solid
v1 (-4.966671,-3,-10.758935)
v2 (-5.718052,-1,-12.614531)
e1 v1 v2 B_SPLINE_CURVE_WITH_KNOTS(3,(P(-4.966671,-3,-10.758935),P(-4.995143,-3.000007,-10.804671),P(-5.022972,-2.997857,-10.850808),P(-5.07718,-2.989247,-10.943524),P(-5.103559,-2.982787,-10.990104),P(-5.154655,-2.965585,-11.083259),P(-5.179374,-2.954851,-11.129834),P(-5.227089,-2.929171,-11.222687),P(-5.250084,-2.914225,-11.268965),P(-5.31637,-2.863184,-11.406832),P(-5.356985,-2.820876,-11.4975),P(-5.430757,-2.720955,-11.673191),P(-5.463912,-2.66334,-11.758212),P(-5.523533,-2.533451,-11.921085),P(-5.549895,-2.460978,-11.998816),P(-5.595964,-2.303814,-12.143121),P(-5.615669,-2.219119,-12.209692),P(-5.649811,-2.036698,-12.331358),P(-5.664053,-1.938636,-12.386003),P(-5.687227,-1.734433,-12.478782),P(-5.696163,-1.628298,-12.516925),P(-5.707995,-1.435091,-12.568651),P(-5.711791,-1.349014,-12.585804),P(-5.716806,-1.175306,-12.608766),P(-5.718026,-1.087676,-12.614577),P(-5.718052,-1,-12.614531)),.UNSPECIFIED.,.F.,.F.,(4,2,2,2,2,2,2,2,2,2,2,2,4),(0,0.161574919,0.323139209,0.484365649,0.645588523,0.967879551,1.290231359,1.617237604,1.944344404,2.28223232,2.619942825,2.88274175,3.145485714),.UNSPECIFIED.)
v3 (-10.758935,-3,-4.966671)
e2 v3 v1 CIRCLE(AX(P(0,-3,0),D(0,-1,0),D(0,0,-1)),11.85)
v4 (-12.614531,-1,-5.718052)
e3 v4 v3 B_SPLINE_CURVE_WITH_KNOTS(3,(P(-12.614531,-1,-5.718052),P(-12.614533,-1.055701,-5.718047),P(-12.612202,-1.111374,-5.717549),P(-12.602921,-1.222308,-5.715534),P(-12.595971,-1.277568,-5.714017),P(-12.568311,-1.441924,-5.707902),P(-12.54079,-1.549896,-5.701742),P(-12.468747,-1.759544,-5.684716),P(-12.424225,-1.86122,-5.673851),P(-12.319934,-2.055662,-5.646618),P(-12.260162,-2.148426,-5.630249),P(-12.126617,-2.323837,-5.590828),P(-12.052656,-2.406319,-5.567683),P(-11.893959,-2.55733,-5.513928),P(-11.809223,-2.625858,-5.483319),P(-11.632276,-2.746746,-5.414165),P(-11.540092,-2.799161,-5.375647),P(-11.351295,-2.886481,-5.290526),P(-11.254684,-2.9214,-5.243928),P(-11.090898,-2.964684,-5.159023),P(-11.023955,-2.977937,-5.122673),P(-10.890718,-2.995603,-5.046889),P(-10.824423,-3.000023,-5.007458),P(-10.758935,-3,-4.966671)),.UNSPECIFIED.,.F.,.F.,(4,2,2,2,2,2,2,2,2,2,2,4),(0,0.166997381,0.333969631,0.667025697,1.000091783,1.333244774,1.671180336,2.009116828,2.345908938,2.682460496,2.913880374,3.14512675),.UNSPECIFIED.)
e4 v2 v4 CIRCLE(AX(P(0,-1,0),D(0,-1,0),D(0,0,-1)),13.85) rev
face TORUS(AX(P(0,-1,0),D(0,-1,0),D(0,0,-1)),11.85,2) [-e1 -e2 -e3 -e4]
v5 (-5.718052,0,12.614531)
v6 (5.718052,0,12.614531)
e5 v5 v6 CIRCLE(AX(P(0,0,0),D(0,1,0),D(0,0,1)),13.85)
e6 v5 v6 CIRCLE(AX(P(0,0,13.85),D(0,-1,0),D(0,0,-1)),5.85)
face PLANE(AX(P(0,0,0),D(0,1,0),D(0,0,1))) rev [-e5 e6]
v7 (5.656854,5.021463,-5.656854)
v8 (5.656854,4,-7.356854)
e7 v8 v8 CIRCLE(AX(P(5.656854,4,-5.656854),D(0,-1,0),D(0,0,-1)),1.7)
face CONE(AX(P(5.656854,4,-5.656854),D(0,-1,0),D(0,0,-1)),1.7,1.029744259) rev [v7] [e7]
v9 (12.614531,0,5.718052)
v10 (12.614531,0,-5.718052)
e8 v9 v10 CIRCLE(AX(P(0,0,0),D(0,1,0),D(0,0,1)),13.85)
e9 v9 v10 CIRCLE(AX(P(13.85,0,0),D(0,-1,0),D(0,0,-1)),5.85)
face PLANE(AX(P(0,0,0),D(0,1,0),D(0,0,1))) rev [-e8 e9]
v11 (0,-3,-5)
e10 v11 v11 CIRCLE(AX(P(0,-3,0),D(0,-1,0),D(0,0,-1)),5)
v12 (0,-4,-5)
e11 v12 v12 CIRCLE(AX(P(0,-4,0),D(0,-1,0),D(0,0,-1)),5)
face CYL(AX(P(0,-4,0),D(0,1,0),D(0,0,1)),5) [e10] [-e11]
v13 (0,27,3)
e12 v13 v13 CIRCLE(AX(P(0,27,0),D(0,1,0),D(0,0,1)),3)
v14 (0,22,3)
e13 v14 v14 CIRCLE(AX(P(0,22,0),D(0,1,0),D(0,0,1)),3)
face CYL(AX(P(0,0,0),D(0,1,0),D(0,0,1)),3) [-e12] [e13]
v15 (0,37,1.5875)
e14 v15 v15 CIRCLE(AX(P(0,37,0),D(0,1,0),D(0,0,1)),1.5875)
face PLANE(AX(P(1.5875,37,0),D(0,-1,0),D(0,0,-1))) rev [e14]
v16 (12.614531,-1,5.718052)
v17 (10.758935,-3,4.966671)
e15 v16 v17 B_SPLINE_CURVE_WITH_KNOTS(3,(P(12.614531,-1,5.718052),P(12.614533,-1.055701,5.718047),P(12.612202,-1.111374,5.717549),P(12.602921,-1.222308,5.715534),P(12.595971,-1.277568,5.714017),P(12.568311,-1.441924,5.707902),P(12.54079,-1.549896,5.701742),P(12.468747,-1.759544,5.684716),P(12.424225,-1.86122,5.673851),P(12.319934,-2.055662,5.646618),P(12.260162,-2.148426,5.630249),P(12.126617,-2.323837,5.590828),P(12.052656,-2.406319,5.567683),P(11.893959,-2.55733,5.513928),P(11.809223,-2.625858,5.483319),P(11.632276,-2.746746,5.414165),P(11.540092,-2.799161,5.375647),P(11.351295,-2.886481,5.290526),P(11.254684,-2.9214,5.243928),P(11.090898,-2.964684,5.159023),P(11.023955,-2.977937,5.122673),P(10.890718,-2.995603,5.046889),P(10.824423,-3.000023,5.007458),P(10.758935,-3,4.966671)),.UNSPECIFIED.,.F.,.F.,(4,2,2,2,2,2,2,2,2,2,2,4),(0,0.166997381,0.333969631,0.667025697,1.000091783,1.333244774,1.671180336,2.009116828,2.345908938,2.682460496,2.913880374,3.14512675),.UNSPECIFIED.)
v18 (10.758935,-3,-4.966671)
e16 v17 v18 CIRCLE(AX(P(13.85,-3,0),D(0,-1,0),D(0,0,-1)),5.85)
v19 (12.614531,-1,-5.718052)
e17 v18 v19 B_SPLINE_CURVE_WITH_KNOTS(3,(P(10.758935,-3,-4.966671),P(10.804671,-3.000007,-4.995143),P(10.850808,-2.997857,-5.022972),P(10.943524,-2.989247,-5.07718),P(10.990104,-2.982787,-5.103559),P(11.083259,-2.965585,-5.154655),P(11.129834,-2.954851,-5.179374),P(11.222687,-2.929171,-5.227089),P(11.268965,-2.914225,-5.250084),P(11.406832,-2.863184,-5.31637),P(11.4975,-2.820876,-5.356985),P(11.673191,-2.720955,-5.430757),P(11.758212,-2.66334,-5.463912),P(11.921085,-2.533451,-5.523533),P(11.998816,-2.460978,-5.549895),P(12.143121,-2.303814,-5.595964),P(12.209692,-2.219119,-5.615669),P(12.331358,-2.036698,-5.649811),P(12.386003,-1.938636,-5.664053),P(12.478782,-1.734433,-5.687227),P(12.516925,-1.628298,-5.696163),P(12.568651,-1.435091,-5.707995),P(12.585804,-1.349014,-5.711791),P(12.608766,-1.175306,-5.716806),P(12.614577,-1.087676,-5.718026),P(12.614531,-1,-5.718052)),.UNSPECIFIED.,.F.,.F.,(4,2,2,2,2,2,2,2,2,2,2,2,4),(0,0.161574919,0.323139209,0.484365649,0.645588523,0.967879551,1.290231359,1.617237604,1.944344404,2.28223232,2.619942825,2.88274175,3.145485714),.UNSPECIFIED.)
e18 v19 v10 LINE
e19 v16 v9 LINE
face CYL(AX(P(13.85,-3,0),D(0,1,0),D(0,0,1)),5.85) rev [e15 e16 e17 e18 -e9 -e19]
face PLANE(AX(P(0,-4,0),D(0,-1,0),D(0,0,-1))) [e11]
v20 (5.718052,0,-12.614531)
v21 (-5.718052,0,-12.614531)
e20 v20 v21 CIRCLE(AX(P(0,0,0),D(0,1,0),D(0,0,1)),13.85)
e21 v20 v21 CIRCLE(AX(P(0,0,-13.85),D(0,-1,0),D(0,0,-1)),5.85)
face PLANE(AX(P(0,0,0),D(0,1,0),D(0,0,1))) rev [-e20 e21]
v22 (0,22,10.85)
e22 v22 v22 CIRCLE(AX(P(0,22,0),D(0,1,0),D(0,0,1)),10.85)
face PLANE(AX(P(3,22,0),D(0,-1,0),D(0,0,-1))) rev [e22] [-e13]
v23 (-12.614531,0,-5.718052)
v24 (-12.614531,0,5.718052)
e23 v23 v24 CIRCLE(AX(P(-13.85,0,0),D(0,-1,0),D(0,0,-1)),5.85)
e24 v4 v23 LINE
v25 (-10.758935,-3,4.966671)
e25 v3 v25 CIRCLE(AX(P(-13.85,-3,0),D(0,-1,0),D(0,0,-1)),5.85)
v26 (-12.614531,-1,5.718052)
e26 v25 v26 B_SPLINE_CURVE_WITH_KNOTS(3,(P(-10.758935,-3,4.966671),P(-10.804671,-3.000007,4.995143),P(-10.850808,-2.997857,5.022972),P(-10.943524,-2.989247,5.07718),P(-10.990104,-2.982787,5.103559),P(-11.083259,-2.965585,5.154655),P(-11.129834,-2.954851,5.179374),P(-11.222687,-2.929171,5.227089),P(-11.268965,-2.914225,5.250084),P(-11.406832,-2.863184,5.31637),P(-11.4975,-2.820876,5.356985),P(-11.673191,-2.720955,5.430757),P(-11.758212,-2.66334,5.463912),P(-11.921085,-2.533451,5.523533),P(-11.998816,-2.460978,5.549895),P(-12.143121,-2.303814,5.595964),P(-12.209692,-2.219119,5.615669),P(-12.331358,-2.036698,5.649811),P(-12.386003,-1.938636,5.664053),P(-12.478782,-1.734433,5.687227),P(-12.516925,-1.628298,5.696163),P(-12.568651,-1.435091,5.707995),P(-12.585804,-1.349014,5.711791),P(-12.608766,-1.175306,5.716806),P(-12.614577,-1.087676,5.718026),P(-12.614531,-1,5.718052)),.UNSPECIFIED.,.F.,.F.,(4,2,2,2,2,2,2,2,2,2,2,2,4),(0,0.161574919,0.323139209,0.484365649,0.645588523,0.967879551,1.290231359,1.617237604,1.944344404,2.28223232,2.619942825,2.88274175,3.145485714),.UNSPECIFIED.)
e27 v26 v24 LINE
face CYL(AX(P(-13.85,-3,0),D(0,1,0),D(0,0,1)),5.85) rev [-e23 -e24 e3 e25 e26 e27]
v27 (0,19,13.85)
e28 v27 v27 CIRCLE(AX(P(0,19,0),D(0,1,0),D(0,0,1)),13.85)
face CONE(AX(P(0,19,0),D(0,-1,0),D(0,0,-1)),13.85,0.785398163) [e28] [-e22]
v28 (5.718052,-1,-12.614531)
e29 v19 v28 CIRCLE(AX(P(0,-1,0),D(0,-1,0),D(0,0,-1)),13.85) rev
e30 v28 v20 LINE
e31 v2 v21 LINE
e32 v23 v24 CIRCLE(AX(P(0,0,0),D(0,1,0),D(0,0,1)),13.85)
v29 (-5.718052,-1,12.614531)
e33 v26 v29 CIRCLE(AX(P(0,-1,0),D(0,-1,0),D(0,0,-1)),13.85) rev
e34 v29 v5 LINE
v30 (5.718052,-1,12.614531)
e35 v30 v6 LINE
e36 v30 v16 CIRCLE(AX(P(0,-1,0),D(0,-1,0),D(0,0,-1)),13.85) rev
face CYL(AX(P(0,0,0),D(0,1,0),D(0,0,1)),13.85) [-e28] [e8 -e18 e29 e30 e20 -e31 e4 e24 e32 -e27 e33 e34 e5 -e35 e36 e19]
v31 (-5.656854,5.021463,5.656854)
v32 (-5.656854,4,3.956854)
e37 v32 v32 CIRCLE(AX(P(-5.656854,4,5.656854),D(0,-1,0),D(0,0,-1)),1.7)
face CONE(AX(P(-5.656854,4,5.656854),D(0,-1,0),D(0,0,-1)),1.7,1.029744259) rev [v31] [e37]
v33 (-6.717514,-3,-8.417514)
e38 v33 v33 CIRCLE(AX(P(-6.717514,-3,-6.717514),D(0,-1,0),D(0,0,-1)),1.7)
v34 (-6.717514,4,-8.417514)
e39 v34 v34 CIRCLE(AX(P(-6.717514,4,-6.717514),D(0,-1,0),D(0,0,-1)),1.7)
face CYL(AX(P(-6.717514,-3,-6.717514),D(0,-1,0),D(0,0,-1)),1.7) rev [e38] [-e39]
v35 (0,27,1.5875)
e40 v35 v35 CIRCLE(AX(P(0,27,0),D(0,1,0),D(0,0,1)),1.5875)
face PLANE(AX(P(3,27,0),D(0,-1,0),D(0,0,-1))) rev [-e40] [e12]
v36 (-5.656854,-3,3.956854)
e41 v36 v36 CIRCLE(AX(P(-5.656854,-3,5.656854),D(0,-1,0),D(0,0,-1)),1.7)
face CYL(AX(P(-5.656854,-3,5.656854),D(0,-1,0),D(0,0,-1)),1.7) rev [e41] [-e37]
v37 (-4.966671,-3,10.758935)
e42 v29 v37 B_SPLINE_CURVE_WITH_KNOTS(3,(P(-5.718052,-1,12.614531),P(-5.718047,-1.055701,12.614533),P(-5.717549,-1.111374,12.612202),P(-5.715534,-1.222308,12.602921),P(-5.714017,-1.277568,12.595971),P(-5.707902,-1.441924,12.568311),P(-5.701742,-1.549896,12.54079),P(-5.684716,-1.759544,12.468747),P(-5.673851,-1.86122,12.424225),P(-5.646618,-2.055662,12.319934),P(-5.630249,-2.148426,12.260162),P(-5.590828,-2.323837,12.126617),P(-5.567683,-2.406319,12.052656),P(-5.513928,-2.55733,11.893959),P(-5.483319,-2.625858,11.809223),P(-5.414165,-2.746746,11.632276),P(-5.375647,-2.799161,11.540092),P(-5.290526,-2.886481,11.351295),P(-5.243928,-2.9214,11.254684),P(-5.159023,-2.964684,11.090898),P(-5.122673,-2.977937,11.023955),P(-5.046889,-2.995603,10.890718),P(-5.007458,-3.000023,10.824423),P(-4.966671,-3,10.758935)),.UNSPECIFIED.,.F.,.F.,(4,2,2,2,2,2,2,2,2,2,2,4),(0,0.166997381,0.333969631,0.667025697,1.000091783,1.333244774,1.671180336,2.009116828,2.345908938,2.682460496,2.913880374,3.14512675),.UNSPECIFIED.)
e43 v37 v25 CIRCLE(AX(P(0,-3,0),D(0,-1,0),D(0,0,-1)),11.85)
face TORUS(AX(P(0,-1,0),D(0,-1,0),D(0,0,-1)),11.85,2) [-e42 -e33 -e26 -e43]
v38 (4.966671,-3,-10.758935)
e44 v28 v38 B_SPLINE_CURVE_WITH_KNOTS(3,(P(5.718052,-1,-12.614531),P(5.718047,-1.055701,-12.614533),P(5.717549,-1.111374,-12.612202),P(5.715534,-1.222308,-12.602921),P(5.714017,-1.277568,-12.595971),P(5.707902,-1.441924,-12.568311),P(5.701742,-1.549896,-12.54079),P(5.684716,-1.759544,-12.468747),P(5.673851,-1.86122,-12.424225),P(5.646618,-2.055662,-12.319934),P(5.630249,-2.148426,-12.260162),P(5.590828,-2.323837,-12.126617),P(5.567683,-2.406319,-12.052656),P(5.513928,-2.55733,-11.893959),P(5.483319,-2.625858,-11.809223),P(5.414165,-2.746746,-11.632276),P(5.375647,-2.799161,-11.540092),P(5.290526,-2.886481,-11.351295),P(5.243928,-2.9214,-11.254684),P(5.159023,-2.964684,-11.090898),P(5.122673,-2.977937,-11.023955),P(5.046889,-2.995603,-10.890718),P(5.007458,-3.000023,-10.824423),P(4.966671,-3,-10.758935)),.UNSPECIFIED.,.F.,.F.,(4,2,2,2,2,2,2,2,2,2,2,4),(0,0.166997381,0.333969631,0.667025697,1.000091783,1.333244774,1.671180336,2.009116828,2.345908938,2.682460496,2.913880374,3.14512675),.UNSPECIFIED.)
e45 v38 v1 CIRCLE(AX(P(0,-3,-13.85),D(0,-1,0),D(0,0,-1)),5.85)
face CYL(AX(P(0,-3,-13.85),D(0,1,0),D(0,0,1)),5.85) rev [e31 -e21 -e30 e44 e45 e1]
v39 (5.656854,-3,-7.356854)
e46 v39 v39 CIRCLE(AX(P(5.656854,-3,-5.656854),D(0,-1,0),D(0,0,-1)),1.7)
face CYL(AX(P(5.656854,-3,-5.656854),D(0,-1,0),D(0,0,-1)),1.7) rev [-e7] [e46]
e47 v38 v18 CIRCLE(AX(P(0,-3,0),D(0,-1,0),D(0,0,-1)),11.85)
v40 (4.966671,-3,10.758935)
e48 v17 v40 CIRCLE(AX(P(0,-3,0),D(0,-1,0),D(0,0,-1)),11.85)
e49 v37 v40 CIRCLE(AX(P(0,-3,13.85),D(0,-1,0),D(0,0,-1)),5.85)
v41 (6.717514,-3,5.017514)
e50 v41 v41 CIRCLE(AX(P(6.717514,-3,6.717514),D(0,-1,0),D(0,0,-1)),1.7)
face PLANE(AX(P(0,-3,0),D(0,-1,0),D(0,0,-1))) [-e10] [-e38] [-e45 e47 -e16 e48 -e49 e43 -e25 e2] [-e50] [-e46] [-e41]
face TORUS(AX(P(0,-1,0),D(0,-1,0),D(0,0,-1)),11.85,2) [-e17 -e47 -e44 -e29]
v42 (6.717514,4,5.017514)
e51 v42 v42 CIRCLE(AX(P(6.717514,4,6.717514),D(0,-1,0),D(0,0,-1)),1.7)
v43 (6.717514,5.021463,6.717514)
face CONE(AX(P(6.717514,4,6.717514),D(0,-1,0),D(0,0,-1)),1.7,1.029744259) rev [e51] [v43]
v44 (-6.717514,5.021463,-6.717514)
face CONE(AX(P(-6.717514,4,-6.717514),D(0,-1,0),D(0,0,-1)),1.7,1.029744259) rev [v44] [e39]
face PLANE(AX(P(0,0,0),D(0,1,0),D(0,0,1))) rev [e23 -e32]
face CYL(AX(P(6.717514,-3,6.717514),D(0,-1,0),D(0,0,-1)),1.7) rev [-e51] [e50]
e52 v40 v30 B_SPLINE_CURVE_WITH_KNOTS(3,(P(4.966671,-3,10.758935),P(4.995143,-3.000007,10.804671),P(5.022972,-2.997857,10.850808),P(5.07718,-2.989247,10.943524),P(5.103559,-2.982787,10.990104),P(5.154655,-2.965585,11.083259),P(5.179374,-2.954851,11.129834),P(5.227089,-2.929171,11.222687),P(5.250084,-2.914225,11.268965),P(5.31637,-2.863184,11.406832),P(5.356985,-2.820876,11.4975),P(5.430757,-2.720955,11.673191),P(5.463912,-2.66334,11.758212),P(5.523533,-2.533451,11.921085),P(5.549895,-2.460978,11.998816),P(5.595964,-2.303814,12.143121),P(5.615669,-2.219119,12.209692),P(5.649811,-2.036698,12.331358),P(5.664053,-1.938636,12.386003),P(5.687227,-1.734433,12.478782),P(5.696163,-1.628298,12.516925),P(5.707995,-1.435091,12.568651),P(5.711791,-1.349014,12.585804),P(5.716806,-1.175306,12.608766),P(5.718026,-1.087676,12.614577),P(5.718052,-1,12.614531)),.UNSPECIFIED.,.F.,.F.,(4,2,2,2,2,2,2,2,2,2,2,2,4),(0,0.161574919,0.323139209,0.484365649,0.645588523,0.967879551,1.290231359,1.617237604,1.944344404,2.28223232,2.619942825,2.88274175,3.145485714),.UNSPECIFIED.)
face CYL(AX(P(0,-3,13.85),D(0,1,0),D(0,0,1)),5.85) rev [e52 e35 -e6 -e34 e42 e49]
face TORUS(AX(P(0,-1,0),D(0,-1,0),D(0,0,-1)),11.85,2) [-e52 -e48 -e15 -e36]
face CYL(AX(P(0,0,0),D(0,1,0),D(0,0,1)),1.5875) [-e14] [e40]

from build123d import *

# Parameters (mm, degrees)
EXTRUDE_1_DEPTH        = 3
FILLET_1_R             = 2
HOLE_WIZARD_M3_1_D     = 3.4
HOLE_WIZARD_M3_1_DEPTH = 7
HOLE_WIZARD_M3_1_TIP   = 1.021463052
SKETCH_10_R            = 5
EXTRUDE_2_DEPTH        = 1


with BuildPart() as part:
    # 스케치1 → 회전1 (revolve)
    with BuildSketch(Plane.XY, mode=Mode.PRIVATE) as revolve_1_sk:
        Polygon((0, 0), (13.85, 0), (13.85, 19), (10.85, 22), (3, 22), (3, 27), (1.5875, 27), (1.5875, 37), (0, 37), align=None)
    revolve(revolve_1_sk.sketch.rotate(Axis((0, 0, 0), (0, -1, 0)), 90), axis=Axis((0, 0, 0), (0, -1, 0)))

    # 스케치2 → 보스-돌출1 (add)
    with BuildSketch(Plane.XZ):
        with BuildLine():
            ThreePointArc((12.614530686, -5.718051729), (8, 0), (12.614530686, 5.718051729))
            ThreePointArc((12.614530686, 5.718051729), (9.793428919, 9.793428919), (5.718051729, 12.614530686))
            ThreePointArc((5.718051729, 12.614530686), (0, 8), (-5.718051729, 12.614530686))
            ThreePointArc((-5.718051729, 12.614530686), (-9.793428919, 9.793428919), (-12.614530686, 5.718051729))
            ThreePointArc((-12.614530686, 5.718051729), (-8, 0), (-12.614530686, -5.718051729))
            ThreePointArc((-12.614530686, -5.718051729), (-9.793428919, -9.793428919), (-5.718051729, -12.614530686))
            ThreePointArc((-5.718051729, -12.614530686), (0, -8), (5.718051729, -12.614530686))
            ThreePointArc((5.718051729, -12.614530686), (9.793428919, -9.793428919), (12.614530686, -5.718051729))
        make_face()
    extrude(amount=EXTRUDE_1_DEPTH)

    # 필렛1
    fillet_1_edges = [part.edges().sort_by_distance(p)[0] for p in [
        (-9.793428919, -3, -9.793428919),
        (9.793428919, -3, -9.793428919),
        (9.793428919, -3, 9.793428919),
        (-9.793428919, -3, 9.793428919),
    ]]
    fillet(fillet_1_edges, radius=FILLET_1_R)

    # M3 여유 구멍1
    with Locations(Plane(origin=(0, -3, 0), x_dir=(-1, 0, 0), z_dir=(0, -1, 0))):
        with Locations((5.656854249, -5.656854249), (-5.656854249, 5.656854249), (-6.717514421, -6.717514421), (6.717514421, 6.717514421)):
            Hole(HOLE_WIZARD_M3_1_D / 2, depth=HOLE_WIZARD_M3_1_DEPTH)
            with Locations((0, 0, -(HOLE_WIZARD_M3_1_DEPTH + HOLE_WIZARD_M3_1_TIP / 2))):  # 118° drill point
                Cone(0, HOLE_WIZARD_M3_1_D / 2, HOLE_WIZARD_M3_1_TIP, mode=Mode.SUBTRACT)

    # 스케치10 → 보스-돌출2 (add)
    with BuildSketch(Plane.XZ.offset(3)):
        with Locations(Location((0, 0, 0), (0, 0, 270))):
            Circle(SKETCH_10_R)
    extrude(amount=EXTRUDE_2_DEPTH)


solid = part.part
